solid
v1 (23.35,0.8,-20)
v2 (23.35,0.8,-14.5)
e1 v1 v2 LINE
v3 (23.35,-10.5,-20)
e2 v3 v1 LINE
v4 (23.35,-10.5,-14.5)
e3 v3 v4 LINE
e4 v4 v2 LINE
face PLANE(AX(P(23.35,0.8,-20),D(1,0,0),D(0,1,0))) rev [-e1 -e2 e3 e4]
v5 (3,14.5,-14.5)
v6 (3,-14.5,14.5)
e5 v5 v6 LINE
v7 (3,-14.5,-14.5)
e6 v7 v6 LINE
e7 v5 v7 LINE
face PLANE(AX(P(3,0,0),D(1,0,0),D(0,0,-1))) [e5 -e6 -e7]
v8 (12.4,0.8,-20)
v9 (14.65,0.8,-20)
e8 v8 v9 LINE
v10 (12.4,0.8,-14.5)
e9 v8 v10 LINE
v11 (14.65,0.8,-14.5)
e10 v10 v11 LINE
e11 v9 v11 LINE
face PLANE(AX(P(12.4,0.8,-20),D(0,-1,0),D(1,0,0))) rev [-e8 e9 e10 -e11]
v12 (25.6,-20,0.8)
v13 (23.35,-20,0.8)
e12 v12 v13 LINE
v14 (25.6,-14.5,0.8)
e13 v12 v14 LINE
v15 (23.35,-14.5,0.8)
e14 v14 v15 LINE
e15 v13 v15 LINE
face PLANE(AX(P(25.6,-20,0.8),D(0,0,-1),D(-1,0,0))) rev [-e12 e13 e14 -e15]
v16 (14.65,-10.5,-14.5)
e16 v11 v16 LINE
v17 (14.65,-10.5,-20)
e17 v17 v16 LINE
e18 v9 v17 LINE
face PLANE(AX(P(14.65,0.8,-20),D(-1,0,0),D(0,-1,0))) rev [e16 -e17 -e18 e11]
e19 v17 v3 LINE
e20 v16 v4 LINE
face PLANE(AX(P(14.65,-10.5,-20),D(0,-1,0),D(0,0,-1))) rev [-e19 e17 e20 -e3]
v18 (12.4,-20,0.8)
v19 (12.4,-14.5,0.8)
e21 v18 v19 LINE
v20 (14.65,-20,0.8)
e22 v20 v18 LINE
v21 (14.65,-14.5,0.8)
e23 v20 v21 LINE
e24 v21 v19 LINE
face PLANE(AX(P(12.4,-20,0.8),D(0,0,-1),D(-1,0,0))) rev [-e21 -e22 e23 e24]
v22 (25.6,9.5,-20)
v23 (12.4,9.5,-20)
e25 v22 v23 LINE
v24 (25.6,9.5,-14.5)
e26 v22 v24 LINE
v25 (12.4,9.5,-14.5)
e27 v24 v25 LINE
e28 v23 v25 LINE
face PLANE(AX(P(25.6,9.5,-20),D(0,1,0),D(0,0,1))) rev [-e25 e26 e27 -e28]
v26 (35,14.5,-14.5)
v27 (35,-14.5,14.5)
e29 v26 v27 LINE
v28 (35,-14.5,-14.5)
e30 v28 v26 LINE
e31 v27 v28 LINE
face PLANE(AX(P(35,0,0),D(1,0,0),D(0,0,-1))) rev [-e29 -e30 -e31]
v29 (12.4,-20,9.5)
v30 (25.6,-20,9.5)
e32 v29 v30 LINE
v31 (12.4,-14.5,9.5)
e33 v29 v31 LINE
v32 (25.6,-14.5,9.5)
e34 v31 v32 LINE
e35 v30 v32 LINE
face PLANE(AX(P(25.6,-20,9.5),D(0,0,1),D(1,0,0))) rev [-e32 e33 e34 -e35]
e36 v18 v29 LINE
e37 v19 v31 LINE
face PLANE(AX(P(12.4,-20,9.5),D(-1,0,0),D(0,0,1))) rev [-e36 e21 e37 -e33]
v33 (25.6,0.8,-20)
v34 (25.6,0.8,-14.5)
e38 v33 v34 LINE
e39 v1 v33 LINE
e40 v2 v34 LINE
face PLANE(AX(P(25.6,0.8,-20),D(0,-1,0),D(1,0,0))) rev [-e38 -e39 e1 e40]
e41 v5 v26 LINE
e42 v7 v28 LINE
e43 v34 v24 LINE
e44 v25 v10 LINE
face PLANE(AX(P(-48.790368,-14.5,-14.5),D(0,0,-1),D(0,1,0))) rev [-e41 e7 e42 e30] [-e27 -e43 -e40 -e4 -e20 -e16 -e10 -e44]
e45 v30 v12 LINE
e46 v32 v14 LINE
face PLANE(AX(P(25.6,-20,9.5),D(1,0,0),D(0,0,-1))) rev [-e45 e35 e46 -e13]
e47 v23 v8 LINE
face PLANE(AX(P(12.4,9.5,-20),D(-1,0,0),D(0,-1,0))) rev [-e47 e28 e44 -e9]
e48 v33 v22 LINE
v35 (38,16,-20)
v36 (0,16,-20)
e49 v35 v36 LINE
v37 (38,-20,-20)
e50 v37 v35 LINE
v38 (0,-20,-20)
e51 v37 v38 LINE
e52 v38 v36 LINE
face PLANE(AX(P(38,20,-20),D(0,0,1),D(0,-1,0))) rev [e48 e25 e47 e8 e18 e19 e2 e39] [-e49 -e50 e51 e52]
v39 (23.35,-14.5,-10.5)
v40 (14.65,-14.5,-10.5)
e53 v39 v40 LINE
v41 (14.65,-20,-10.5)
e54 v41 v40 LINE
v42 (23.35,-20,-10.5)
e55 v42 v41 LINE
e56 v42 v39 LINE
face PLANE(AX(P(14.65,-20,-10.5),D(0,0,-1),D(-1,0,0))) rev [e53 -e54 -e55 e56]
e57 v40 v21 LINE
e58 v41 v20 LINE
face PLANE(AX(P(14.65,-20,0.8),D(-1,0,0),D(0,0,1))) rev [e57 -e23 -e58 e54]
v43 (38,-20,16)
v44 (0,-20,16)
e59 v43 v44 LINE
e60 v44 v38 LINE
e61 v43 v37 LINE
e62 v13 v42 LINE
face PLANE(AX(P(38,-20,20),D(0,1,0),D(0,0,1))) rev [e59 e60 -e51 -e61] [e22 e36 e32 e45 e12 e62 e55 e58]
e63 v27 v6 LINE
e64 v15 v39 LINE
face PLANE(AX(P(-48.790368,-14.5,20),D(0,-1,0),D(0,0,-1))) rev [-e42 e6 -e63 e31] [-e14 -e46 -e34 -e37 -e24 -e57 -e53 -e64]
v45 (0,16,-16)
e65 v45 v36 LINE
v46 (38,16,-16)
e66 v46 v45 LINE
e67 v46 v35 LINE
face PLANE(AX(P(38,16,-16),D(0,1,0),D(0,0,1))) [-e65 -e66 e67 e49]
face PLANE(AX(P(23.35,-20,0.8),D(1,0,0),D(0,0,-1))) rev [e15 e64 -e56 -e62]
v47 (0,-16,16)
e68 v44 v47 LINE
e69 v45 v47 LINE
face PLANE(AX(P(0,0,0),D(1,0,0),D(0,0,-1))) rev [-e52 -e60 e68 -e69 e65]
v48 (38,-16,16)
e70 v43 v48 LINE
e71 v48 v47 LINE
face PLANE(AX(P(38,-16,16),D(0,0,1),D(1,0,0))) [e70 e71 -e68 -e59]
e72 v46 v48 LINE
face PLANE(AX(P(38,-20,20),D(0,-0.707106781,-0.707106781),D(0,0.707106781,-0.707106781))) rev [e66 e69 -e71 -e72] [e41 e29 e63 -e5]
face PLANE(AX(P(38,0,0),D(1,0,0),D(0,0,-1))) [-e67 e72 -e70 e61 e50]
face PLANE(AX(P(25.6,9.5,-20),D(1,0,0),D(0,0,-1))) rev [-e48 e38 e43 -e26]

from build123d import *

# Parameters (mm, degrees)
ESTRUSIONE_ESTRUSIONE1_DEPTH = 38
TAGLIO_ESTRUSIONE1_DEPTH     = 32
TAGLIO_ESTRUSIONE3_DEPTH     = 48.370877129
TAGLIO_ESTRUSIONE4_DEPTH     = 53.671149598
TAGLIO_ESTRUSIONE5_DEPTH     = 53.671149598


with BuildPart() as part:
    # Schizzo2 → Estrusione-Estrusione1 (new body)
    with BuildSketch(Plane(origin=(0, 0, 0), x_dir=(0, 0, -1), z_dir=(1, 0, 0))):
        Polygon((-20, -20), (20, -20), (20, 20), align=None)
    extrude(amount=ESTRUSIONE_ESTRUSIONE1_DEPTH)

    # Schizzo3 → Taglio-Estrusione1 (cut)
    with BuildSketch(Plane(origin=(35, 0, 0), x_dir=(0, 0, -1), z_dir=(1, 0, 0))):
        Polygon((-20, -14.5), (14.5, 20), (14.5, -14.5), align=None)
    extrude(amount=-TAGLIO_ESTRUSIONE1_DEPTH, mode=Mode.SUBTRACT)

    # Schizzo5 → Taglio-Estrusione3 (cut, through all)
    with BuildSketch(Plane(origin=(0, 0, 0), x_dir=(0, 0, -1), z_dir=(1, 0, 0))):
        Polygon((16, 16), (20, 16), (20, 20), align=None)
        Polygon((-20, -20), (-16, -16), (-16, -20), align=None)
    extrude(amount=TAGLIO_ESTRUSIONE3_DEPTH, mode=Mode.SUBTRACT)

    # Schizzo6 → Taglio-Estrusione4 (cut, through all)
    with BuildSketch(Plane.XY.offset(-14.5)):
        Polygon((25.6, 9.5), (12.4, 9.5), (12.4, 0.8), (14.65, 0.8), (14.65, -10.5), (23.35, -10.5), (23.35, 0.8), (25.6, 0.8), align=None)
    extrude(amount=-TAGLIO_ESTRUSIONE4_DEPTH, mode=Mode.SUBTRACT)

    # Schizzo8 → Taglio-Estrusione5 (cut, through all)
    with BuildSketch(Plane(origin=(0, -14.5, 0), x_dir=(1, 0, 0), z_dir=(0, 1, 0))):
        Polygon((25.6, -9.5), (12.4, -9.5), (12.4, -0.8), (14.65, -0.8), (14.65, 10.5), (23.35, 10.5), (23.35, -0.8), (25.6, -0.8), align=None)
    extrude(amount=-TAGLIO_ESTRUSIONE5_DEPTH, mode=Mode.SUBTRACT)


solid = part.part
